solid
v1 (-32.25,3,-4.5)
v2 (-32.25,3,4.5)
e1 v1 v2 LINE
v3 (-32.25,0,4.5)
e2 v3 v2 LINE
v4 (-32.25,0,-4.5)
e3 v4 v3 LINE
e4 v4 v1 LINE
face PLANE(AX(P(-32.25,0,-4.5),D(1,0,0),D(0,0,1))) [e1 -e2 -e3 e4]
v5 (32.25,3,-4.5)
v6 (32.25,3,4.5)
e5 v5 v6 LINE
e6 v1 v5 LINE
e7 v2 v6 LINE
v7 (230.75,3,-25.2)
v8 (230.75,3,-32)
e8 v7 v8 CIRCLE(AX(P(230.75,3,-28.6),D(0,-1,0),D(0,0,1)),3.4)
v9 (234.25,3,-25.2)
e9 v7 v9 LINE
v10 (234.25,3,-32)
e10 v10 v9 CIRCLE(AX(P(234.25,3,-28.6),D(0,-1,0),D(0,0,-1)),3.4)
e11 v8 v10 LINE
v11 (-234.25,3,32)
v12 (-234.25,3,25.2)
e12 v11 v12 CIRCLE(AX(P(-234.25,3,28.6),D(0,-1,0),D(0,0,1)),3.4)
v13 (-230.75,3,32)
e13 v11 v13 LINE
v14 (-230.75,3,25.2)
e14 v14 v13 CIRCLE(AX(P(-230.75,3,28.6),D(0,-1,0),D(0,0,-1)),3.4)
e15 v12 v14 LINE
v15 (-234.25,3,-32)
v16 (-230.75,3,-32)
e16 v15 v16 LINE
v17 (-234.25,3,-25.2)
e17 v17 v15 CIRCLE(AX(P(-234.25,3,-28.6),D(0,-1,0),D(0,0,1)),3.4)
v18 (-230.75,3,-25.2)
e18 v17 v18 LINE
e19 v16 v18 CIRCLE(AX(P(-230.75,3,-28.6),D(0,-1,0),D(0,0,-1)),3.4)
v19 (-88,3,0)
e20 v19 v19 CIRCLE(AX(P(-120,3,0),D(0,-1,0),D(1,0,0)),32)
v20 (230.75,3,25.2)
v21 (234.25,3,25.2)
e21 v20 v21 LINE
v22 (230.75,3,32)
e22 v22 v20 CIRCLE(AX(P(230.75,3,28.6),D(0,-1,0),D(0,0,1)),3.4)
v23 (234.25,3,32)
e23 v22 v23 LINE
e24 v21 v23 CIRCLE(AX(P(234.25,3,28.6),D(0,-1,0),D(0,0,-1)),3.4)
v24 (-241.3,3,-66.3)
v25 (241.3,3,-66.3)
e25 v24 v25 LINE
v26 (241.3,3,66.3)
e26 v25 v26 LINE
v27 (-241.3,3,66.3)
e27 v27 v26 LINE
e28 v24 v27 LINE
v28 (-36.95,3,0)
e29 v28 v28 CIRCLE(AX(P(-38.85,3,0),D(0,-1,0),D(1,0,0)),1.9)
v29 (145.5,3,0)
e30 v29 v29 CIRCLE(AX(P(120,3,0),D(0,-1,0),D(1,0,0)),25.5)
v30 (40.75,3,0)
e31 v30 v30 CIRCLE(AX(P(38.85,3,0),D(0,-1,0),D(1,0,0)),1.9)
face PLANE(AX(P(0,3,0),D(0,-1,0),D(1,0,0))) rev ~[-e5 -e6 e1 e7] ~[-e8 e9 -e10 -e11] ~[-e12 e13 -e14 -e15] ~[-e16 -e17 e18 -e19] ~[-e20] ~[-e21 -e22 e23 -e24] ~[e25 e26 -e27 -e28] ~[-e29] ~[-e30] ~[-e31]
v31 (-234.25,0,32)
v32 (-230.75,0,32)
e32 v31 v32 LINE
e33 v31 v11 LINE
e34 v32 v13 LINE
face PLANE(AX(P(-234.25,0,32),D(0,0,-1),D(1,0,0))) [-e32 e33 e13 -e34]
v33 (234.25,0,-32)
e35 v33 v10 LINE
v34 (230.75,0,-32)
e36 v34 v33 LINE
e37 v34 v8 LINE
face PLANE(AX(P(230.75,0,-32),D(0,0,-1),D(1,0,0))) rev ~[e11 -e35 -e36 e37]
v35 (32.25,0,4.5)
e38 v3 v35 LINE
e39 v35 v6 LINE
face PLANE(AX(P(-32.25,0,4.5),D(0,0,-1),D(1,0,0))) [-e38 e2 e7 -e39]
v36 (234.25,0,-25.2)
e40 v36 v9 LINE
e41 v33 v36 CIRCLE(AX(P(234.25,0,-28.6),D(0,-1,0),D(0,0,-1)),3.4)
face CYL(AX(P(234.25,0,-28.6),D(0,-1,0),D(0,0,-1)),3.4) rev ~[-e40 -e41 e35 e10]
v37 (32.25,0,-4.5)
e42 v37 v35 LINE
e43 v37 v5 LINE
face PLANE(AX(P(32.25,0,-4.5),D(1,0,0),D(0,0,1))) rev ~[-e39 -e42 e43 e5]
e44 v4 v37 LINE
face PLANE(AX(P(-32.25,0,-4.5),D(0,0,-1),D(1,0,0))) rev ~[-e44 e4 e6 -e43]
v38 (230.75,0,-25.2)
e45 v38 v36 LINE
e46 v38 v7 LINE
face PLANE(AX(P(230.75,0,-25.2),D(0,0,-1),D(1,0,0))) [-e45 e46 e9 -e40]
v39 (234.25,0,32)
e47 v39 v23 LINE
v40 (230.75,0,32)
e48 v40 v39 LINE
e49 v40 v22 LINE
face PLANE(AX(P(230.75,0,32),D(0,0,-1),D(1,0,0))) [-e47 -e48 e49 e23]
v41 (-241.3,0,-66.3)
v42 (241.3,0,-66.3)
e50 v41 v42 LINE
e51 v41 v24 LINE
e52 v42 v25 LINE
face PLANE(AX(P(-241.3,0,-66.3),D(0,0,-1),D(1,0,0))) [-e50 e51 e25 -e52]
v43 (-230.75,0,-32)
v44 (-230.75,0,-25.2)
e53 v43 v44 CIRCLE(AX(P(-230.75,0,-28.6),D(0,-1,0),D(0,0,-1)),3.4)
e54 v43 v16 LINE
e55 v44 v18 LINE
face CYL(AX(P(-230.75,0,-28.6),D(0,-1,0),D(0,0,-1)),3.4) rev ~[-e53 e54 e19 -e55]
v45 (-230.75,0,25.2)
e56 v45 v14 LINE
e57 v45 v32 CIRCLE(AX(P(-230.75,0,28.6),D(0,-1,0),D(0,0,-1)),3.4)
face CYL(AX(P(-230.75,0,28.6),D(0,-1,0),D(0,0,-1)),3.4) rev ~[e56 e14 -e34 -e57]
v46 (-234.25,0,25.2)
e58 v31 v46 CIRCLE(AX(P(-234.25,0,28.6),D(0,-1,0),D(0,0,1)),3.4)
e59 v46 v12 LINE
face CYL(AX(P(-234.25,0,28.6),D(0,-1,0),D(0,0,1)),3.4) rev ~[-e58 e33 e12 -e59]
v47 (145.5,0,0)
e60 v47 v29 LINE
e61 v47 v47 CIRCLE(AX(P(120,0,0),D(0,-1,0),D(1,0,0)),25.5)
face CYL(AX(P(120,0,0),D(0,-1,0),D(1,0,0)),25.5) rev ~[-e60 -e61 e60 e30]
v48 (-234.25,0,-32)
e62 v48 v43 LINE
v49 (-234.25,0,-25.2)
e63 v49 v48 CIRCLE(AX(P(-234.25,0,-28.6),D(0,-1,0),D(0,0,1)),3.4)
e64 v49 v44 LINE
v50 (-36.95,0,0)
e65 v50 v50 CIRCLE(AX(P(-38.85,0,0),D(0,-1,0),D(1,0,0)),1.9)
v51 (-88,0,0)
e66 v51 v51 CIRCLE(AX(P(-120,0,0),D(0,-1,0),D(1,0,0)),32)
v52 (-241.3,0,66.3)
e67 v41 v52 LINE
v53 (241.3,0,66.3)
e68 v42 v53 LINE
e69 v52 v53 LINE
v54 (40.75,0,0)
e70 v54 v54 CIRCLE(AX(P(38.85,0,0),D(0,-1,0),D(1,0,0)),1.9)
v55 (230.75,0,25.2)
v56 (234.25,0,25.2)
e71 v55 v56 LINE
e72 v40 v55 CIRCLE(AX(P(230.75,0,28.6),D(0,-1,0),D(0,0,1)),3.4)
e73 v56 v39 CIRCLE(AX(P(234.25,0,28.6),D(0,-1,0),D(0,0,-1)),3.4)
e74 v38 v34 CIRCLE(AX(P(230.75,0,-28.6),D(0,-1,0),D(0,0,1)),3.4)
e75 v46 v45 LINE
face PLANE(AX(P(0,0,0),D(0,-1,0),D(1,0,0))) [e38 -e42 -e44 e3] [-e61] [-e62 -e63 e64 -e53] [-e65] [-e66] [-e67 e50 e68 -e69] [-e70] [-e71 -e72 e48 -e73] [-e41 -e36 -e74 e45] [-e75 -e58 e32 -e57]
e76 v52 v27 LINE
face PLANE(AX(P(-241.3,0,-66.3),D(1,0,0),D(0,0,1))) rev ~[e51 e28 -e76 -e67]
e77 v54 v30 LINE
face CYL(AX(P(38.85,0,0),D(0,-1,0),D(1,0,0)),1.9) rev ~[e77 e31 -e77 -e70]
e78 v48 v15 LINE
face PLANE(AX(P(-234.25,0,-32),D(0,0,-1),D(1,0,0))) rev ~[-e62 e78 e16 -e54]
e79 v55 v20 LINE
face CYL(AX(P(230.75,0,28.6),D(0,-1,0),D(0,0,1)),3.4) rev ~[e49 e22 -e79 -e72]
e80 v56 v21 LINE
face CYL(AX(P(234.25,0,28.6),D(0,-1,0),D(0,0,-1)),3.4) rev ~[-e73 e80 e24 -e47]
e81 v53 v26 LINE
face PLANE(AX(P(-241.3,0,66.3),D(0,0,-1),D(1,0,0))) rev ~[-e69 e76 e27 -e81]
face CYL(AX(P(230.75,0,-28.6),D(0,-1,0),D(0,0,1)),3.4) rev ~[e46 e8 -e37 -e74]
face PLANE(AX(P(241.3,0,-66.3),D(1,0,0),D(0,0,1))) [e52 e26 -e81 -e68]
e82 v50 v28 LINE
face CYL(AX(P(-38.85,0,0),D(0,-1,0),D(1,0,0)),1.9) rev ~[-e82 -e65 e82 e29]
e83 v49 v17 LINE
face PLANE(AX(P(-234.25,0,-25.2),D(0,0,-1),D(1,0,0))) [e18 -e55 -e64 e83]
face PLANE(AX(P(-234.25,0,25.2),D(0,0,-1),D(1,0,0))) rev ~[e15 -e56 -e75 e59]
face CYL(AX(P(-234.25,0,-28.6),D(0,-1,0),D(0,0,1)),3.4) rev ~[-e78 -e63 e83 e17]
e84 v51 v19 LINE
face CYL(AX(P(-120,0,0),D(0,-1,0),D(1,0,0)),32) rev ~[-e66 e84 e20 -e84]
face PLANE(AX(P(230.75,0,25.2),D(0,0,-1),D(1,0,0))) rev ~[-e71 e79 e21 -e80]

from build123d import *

# Parameters (mm, degrees)
F0_W     = 482.6
F0_H     = 132.6
F1_DEPTH = 3
F2_W     = 3.5
F2_H     = 6.8
F3_W     = 3.5
F3_H     = 6.8
F4_W     = 3.5
F4_H     = 6.8
F5_W     = 3.5
F5_H     = 6.8
F6_DEPTH = 3
F7_R     = 32
F7_R_2   = 25.5
F7_W     = 64.5
F7_H     = 9
F7_R_3   = 1.9
F8_DEPTH = 3


with BuildPart() as f1:
    # F0 (on Front) → F1 (new body)
    with BuildSketch(Plane.XZ):
        Rectangle(F0_W, F0_H)
    extrude(amount=-F1_DEPTH)

    # F2 (on face) + F3 (on face) + F4 (on face) + F5 (on face) → F6 (cut)
    with BuildSketch(Plane.XZ):
        with Locations((-232.5, 28.6)):
            Rectangle(F2_W, F2_H)
        with BuildLine():
            Line((-230.75, 32), (-230.75, 25.2))
            ThreePointArc((-230.75, 25.2), (-227.35, 28.6), (-230.75, 32))
        make_face()
        with BuildLine():
            ThreePointArc((-234.25, 32), (-237.65, 28.6), (-234.25, 25.2))
            Line((-234.25, 25.2), (-234.25, 32))
        make_face()
    with BuildSketch(Plane.XZ):
        with Locations((-232.5, -28.6)):
            Rectangle(F3_W, F3_H)
        with BuildLine():
            Line((-230.75, -25.2), (-230.75, -32))
            ThreePointArc((-230.75, -32), (-227.35, -28.6), (-230.75, -25.2))
        make_face()
        with BuildLine():
            ThreePointArc((-234.25, -25.2), (-237.65, -28.6), (-234.25, -32))
            Line((-234.25, -32), (-234.25, -25.2))
        make_face()
    with BuildSketch(Plane.XZ):
        with Locations((232.5, 28.6)):
            Rectangle(F4_W, F4_H)
        with BuildLine():
            ThreePointArc((234.25, 25.2), (237.65, 28.6), (234.25, 32))
            Line((234.25, 32), (234.25, 25.2))
        make_face()
        with BuildLine():
            Line((230.75, 25.2), (230.75, 32))
            ThreePointArc((230.75, 32), (227.35, 28.6), (230.75, 25.2))
        make_face()
    with BuildSketch(Plane.XZ):
        with Locations((232.5, -28.6)):
            Rectangle(F5_W, F5_H)
        with BuildLine():
            Line((234.25, -25.2), (234.25, -32))
            ThreePointArc((234.25, -32), (237.65, -28.6), (234.25, -25.2))
        make_face()
        with BuildLine():
            ThreePointArc((230.75, -25.2), (227.35, -28.6), (230.75, -32))
            Line((230.75, -32), (230.75, -25.2))
        make_face()
    extrude(amount=-F6_DEPTH, mode=Mode.SUBTRACT)

    # F7 (on face) → F8 (cut)
    with BuildSketch(Plane.XZ):
        with Locations((-120, 0)):
            Circle(F7_R)
        with Locations((120, 0)):
            Circle(F7_R_2)
        Rectangle(F7_W, F7_H)
        with Locations((38.85, 0)):
            Circle(F7_R_3)
        with Locations((-38.85, 0)):
            Circle(F7_R_3)
    extrude(amount=-F8_DEPTH, mode=Mode.SUBTRACT)


solid = f1.part
